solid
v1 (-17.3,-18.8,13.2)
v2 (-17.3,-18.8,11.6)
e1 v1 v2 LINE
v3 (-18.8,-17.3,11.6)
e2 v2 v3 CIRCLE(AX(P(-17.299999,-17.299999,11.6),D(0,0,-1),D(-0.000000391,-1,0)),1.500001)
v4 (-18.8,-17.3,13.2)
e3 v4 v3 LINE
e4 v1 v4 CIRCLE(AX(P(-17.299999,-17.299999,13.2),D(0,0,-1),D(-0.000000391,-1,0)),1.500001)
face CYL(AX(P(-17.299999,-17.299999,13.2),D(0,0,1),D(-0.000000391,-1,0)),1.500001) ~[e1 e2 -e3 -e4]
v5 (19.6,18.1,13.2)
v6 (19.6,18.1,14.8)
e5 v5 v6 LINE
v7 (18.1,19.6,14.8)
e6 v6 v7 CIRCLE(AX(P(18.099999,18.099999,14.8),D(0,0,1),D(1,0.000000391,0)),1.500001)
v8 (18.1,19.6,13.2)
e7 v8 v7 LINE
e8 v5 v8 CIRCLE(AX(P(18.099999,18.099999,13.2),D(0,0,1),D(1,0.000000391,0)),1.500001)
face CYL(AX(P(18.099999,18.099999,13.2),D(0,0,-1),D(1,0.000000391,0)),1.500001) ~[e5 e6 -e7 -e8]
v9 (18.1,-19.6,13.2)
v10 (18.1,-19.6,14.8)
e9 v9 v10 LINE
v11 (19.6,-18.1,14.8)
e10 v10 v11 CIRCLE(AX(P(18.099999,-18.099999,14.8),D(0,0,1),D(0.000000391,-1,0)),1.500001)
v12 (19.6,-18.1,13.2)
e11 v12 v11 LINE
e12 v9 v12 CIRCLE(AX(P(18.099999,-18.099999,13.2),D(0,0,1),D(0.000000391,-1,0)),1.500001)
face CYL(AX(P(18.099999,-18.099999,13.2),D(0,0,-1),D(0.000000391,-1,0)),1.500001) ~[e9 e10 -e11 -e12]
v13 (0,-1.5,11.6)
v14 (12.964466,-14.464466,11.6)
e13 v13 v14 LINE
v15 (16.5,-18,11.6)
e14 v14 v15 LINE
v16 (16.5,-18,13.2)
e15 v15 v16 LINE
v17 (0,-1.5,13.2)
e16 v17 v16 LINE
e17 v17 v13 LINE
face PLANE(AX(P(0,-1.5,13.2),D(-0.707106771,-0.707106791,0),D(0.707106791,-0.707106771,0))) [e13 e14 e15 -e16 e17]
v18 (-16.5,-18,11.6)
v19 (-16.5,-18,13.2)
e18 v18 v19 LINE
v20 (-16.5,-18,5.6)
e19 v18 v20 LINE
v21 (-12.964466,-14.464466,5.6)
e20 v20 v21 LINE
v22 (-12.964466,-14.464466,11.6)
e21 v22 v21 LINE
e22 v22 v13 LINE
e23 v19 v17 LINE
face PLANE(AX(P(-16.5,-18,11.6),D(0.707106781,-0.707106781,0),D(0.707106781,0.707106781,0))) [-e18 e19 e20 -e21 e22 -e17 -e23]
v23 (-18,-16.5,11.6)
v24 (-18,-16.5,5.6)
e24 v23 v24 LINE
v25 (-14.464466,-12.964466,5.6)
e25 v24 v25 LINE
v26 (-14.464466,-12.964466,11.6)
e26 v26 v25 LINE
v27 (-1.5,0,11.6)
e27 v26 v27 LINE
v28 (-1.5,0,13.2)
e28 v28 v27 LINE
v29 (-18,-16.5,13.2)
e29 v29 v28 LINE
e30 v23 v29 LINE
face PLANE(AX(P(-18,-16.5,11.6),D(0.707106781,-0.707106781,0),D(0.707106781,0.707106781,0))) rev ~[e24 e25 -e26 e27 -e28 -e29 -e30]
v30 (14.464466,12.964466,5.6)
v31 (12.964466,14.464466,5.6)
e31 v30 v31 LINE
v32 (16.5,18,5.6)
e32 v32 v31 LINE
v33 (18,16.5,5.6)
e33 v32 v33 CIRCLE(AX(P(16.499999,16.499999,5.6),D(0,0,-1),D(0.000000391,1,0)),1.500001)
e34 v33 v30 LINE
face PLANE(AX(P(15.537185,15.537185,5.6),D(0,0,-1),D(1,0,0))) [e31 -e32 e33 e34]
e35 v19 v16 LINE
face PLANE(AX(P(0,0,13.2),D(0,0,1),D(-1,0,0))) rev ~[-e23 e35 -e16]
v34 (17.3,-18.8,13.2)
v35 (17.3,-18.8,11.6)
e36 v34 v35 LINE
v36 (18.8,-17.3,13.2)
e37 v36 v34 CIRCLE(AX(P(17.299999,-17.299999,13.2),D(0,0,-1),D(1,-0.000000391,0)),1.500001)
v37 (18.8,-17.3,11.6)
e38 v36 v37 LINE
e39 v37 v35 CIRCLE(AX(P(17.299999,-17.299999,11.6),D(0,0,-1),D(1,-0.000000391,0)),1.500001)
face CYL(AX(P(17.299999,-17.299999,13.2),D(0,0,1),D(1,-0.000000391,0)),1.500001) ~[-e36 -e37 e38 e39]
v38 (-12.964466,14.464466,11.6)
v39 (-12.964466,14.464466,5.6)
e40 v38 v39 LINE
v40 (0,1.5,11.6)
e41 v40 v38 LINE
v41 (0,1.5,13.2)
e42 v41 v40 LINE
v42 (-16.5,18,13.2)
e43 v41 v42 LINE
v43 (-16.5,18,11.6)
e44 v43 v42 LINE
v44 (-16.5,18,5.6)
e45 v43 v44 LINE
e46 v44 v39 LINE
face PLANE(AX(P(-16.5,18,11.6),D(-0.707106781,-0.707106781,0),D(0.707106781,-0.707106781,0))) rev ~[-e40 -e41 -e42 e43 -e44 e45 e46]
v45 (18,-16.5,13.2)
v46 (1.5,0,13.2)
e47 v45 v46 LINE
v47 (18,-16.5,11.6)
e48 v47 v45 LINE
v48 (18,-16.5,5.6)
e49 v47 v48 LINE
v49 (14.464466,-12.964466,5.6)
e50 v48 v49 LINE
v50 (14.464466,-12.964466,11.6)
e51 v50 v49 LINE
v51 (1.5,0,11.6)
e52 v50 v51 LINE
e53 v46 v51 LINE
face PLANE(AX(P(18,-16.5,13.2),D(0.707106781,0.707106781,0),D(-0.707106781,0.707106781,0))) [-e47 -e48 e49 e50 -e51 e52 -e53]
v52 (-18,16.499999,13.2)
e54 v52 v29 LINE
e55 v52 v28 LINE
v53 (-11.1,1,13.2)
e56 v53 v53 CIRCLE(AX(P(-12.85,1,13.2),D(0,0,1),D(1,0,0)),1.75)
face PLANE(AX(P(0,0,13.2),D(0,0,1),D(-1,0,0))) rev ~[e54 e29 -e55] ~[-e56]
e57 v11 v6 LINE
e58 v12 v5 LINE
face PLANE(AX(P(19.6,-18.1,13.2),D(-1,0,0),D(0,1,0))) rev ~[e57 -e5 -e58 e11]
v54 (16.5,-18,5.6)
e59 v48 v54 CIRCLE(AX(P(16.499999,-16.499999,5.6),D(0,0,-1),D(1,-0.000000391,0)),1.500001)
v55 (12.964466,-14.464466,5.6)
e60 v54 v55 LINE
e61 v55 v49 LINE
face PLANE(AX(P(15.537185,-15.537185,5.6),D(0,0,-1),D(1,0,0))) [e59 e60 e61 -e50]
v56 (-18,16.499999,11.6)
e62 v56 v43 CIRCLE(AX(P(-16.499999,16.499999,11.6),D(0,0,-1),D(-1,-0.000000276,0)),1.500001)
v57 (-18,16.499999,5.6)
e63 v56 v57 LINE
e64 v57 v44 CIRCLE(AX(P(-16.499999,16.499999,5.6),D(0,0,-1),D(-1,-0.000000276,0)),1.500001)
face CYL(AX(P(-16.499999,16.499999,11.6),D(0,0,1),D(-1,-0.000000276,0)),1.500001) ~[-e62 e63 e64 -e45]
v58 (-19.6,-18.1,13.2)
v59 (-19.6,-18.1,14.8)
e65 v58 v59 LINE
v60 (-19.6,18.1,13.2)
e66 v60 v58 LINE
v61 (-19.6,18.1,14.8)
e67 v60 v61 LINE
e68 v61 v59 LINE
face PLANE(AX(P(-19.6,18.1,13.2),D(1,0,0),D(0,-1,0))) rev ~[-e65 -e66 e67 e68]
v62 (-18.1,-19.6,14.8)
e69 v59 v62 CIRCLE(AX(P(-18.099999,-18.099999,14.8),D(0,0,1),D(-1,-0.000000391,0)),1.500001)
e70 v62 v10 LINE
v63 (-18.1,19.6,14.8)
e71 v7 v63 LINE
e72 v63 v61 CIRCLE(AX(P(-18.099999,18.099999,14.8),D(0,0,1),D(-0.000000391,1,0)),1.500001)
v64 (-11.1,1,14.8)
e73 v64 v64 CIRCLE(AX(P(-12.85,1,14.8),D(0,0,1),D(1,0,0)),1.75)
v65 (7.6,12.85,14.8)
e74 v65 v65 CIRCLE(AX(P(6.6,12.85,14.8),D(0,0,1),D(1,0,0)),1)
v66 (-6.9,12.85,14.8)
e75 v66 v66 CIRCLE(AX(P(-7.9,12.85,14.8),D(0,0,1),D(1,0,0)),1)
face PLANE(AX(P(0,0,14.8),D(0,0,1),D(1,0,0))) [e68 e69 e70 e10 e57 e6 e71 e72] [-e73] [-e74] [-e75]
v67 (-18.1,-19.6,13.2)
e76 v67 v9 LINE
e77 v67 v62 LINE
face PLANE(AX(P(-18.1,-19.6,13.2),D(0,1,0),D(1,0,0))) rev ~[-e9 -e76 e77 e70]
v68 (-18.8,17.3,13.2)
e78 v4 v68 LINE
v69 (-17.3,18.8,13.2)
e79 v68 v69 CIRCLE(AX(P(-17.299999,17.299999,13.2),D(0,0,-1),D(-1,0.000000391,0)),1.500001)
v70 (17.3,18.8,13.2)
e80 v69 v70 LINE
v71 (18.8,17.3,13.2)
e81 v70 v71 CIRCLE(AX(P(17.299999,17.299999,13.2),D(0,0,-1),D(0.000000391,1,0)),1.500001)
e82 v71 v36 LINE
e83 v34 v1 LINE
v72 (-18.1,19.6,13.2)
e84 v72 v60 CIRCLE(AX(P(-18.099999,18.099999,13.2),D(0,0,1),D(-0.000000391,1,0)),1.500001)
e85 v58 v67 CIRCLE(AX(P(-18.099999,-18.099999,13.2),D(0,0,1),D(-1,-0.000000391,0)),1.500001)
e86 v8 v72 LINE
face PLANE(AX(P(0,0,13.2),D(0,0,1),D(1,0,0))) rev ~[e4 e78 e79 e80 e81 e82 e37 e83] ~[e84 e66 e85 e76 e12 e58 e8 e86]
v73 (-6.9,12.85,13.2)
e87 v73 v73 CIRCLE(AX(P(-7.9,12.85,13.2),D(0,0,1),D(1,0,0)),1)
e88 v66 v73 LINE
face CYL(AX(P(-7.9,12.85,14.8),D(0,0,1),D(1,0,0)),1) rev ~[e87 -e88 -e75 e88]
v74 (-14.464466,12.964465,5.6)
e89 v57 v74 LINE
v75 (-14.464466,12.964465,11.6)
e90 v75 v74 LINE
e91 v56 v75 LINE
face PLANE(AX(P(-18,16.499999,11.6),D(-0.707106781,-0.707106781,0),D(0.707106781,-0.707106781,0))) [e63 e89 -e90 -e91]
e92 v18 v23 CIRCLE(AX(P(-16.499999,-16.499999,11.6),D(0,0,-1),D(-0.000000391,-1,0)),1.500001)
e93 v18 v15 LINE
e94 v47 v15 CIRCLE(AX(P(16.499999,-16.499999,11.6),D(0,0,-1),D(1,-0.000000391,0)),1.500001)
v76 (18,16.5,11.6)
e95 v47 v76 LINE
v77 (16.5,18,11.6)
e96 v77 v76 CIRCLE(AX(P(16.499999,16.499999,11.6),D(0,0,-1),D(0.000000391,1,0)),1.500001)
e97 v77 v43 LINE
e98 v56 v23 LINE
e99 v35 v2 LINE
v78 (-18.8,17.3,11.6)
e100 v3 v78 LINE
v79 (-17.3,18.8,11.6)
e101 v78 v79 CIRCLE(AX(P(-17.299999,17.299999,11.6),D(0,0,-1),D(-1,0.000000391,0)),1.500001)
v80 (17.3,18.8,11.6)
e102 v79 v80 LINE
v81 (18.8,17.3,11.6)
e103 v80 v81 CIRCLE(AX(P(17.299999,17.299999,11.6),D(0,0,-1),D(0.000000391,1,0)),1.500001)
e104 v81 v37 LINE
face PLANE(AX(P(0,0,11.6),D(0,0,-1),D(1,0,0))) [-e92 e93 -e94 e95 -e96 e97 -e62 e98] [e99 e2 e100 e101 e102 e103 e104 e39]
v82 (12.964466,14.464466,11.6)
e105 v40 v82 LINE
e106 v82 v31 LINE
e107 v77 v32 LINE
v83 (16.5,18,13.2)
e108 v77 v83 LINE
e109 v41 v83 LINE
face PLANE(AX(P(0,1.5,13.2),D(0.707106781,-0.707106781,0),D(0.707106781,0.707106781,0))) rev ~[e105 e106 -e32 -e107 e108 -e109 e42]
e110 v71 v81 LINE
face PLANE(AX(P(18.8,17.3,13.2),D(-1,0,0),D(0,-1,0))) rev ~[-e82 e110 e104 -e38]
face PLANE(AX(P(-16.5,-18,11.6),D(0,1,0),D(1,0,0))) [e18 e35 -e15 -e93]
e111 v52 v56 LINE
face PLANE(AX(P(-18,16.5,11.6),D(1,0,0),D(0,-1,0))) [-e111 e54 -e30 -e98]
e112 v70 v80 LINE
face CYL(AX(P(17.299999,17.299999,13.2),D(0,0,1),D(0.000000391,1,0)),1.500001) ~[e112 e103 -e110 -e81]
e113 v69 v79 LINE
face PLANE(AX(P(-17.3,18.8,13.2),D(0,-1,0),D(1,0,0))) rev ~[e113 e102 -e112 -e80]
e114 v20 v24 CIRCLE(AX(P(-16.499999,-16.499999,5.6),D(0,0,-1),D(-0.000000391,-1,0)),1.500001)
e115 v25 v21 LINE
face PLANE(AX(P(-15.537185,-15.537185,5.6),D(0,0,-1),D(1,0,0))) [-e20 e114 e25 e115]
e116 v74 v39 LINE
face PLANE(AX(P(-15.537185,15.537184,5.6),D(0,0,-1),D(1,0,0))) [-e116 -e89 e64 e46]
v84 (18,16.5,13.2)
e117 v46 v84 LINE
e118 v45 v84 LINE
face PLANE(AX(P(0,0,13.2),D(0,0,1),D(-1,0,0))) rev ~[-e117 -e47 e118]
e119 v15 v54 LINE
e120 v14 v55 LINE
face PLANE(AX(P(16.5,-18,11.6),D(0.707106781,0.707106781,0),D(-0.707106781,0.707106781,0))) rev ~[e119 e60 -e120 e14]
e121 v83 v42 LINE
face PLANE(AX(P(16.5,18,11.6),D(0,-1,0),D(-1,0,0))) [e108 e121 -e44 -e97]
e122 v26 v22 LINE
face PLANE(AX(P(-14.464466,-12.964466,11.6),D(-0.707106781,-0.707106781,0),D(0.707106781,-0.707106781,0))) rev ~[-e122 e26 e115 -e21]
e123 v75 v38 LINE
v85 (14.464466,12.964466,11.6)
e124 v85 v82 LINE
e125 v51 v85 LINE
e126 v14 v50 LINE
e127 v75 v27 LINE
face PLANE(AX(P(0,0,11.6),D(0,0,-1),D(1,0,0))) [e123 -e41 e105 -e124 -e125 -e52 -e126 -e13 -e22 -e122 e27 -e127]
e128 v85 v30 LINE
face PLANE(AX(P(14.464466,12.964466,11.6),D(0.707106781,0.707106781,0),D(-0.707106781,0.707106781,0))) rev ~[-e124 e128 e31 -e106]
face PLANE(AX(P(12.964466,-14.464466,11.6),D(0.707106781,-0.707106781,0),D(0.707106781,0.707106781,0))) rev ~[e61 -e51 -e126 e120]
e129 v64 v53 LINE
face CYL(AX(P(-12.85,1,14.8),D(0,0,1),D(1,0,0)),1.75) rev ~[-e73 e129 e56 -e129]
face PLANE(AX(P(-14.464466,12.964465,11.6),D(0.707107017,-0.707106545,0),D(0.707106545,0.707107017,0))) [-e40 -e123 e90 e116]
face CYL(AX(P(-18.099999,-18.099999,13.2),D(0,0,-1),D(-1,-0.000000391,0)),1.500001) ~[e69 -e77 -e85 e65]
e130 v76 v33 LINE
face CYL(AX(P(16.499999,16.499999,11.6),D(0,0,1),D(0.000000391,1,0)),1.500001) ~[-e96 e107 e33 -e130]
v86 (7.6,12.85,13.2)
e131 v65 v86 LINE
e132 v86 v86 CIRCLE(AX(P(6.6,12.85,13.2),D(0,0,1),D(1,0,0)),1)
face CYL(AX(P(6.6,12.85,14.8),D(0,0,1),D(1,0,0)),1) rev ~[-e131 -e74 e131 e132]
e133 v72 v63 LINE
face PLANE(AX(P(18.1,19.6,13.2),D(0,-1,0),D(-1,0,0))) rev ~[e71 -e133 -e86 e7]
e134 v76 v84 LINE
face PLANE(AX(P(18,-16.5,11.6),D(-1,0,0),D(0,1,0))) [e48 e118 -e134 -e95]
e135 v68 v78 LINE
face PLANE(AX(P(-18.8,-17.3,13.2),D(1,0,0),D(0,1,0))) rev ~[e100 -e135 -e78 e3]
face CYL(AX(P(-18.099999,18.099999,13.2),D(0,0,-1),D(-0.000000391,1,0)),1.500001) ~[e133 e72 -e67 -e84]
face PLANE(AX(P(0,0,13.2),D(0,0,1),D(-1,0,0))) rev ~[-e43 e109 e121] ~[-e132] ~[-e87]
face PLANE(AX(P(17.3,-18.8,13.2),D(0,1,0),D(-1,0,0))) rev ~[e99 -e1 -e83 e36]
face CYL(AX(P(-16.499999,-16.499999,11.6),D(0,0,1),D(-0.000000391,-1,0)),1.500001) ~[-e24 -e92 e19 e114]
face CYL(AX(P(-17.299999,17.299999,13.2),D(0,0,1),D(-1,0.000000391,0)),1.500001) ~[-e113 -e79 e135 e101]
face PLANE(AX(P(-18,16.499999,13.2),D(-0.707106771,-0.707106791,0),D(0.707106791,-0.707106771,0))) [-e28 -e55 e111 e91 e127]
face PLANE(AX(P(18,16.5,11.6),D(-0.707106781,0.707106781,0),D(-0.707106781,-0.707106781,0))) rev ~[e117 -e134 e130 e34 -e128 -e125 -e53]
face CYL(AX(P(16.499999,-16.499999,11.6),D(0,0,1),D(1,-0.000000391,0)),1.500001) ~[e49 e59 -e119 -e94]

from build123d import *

# Parameters (mm, degrees)
PAD003_DEPTH    = 1.6
PAD004_DEPTH    = 1.6
POCKET002_DEPTH = 1.6
PAD005_DEPTH    = 1.6
SKETCH015_R     = 1
SKETCH015_R_2   = 1.75
POCKET004_DEPTH = 1.6
PAD019_DEPTH    = 6


with BuildPart() as part:
    # Sketch005 → Pad003 (new body)
    with BuildSketch(Plane.XY):
        with BuildLine():
            Line((-19.6, 18.1), (-19.6, -18.1))
            ThreePointArc((-19.6, -18.1), (-19.16066, -19.16066), (-18.1, -19.6))
            Line((-18.1, -19.6), (18.1, -19.6))
            ThreePointArc((18.1, -19.6), (19.16066, -19.16066), (19.6, -18.1))
            Line((19.6, -18.1), (19.6, 18.1))
            ThreePointArc((19.6, 18.1), (19.16066, 19.16066), (18.1, 19.6))
            Line((18.1, 19.6), (-18.1, 19.6))
            ThreePointArc((-18.1, 19.6), (-19.16066, 19.16066), (-19.6, 18.1))
        make_face()
    extrude(amount=PAD003_DEPTH)

    # Sketch006 (on Face9 of Pad003) → Pad004 (join)
    with BuildSketch(Plane(origin=(0, 0, 0), x_dir=(1, 0, 0), z_dir=(0, 0, -1))):
        with BuildLine():
            Line((-18.8, 17.3), (-18.8, -17.3))
            ThreePointArc((-18.8, -17.3), (-18.36066, -18.36066), (-17.3, -18.8))
            Line((-17.3, -18.8), (17.3, -18.8))
            ThreePointArc((17.3, -18.8), (18.36066, -18.36066), (18.8, -17.3))
            Line((18.8, -17.3), (18.8, 17.3))
            ThreePointArc((18.8, 17.3), (18.36066, 18.36066), (17.3, 18.8))
            Line((17.3, 18.8), (-17.3, 18.8))
            ThreePointArc((-17.3, 18.8), (-18.36066, 18.36066), (-18.8, 17.3))
        make_face()
    extrude(amount=PAD004_DEPTH)

    # Sketch007 (on Face19 of Pad004) → Pocket002 (cut)
    with BuildSketch(Plane(origin=(0, 0, -1.6), x_dir=(1, 0, 0), z_dir=(0, 0, -1))):
        with BuildLine():
            Line((-18, -16.5), (-18, 16.5))
            ThreePointArc((-16.5, 18), (-17.56066, 17.56066), (-18, 16.5))
            Line((-16.5, 18), (16.5, 18))
            ThreePointArc((18, 16.5), (17.56066, 17.56066), (16.5, 18))
            Line((18, 16.5), (18, -16.5))
            ThreePointArc((16.5, -18), (17.56066, -17.56066), (18, -16.5))
            Line((16.5, -18), (-16.5, -18))
            ThreePointArc((-18, -16.5), (-17.56066, -17.56066), (-16.5, -18))
        make_face()
    extrude(amount=-POCKET002_DEPTH, mode=Mode.SUBTRACT)

    # Sketch008 (on Face28 of Pocket002) → Pad005 (join)
    with BuildSketch(Plane(origin=(0, 0, 0), x_dir=(1, 0, 0), z_dir=(0, 0, -1))):
        with BuildLine():
            ThreePointArc((-18, -16.499999), (-17.560661, -17.56066), (-16.5, -18))
            Line((18, 16.5), (-16.5, -18))
            ThreePointArc((18, 16.5), (17.56066, 17.56066), (16.5, 18))
            Line((-18, -16.499999), (16.5, 18))
        make_face()
        with BuildLine():
            ThreePointArc((-16.5, 18), (-17.56066, 17.56066), (-18, 16.5))
            Line((-18, 16.5), (16.5, -18))
            ThreePointArc((16.5, -18), (17.56066, -17.56066), (18, -16.5))
            Line((-16.5, 18), (18, -16.5))
        make_face()
    extrude(amount=PAD005_DEPTH)

    # Sketch015 (on Face5 of Pad005) → Pocket004 (cut)
    with BuildSketch(Plane.XY.offset(1.6)):
        with Locations((-7.9, 12.85)):
            Circle(SKETCH015_R)
        with Locations((6.6, 12.85)):
            Circle(SKETCH015_R)
        with Locations((-12.85, 1)):
            Circle(SKETCH015_R_2)
    extrude(amount=-POCKET004_DEPTH, mode=Mode.SUBTRACT)

    # Sketch030 (on Face37 of Pocket004) → Pad019 (join)
    with BuildSketch(Plane(origin=(0, 0, -1.6), x_dir=(1, 0, 0), z_dir=(0, 0, -1))):
        with BuildLine():
            ThreePointArc((-16.5, 18), (-17.56066, 17.56066), (-18, 16.5))
            Line((-18, 16.5), (-14.464466, 12.964466))
            Line((-14.464466, 12.964466), (-12.964466, 14.464466))
            Line((-16.5, 18), (-12.964466, 14.464466))
        make_face()
        with BuildLine():
            ThreePointArc((18, 16.5), (17.56066, 17.56066), (16.5, 18))
            Line((16.5, 18), (12.964466, 14.464466))
            Line((12.964466, 14.464466), (14.464466, 12.964466))
            Line((18, 16.5), (14.464466, 12.964466))
        make_face()
        with BuildLine():
            ThreePointArc((16.5, -18), (17.56066, -17.56066), (18, -16.5))
            Line((18, -16.5), (14.464466, -12.964466))
            Line((14.464466, -12.964466), (12.964466, -14.464466))
            Line((16.5, -18), (12.964466, -14.464466))
        make_face()
        with BuildLine():
            ThreePointArc((-18, -16.499999), (-17.56066, -17.56066), (-16.5, -18))
            Line((-16.5, -18), (-12.964466, -14.464466))
            Line((-14.464466, -12.964465), (-12.964466, -14.464466))
            Line((-18, -16.499999), (-14.464466, -12.964465))
        make_face()
    extrude(amount=PAD019_DEPTH)


with BuildPart() as part_1:
    # Body001 placement: moved
    add(part.part.moved(Location((0, 0, 13.2))))


solid = part_1.part
